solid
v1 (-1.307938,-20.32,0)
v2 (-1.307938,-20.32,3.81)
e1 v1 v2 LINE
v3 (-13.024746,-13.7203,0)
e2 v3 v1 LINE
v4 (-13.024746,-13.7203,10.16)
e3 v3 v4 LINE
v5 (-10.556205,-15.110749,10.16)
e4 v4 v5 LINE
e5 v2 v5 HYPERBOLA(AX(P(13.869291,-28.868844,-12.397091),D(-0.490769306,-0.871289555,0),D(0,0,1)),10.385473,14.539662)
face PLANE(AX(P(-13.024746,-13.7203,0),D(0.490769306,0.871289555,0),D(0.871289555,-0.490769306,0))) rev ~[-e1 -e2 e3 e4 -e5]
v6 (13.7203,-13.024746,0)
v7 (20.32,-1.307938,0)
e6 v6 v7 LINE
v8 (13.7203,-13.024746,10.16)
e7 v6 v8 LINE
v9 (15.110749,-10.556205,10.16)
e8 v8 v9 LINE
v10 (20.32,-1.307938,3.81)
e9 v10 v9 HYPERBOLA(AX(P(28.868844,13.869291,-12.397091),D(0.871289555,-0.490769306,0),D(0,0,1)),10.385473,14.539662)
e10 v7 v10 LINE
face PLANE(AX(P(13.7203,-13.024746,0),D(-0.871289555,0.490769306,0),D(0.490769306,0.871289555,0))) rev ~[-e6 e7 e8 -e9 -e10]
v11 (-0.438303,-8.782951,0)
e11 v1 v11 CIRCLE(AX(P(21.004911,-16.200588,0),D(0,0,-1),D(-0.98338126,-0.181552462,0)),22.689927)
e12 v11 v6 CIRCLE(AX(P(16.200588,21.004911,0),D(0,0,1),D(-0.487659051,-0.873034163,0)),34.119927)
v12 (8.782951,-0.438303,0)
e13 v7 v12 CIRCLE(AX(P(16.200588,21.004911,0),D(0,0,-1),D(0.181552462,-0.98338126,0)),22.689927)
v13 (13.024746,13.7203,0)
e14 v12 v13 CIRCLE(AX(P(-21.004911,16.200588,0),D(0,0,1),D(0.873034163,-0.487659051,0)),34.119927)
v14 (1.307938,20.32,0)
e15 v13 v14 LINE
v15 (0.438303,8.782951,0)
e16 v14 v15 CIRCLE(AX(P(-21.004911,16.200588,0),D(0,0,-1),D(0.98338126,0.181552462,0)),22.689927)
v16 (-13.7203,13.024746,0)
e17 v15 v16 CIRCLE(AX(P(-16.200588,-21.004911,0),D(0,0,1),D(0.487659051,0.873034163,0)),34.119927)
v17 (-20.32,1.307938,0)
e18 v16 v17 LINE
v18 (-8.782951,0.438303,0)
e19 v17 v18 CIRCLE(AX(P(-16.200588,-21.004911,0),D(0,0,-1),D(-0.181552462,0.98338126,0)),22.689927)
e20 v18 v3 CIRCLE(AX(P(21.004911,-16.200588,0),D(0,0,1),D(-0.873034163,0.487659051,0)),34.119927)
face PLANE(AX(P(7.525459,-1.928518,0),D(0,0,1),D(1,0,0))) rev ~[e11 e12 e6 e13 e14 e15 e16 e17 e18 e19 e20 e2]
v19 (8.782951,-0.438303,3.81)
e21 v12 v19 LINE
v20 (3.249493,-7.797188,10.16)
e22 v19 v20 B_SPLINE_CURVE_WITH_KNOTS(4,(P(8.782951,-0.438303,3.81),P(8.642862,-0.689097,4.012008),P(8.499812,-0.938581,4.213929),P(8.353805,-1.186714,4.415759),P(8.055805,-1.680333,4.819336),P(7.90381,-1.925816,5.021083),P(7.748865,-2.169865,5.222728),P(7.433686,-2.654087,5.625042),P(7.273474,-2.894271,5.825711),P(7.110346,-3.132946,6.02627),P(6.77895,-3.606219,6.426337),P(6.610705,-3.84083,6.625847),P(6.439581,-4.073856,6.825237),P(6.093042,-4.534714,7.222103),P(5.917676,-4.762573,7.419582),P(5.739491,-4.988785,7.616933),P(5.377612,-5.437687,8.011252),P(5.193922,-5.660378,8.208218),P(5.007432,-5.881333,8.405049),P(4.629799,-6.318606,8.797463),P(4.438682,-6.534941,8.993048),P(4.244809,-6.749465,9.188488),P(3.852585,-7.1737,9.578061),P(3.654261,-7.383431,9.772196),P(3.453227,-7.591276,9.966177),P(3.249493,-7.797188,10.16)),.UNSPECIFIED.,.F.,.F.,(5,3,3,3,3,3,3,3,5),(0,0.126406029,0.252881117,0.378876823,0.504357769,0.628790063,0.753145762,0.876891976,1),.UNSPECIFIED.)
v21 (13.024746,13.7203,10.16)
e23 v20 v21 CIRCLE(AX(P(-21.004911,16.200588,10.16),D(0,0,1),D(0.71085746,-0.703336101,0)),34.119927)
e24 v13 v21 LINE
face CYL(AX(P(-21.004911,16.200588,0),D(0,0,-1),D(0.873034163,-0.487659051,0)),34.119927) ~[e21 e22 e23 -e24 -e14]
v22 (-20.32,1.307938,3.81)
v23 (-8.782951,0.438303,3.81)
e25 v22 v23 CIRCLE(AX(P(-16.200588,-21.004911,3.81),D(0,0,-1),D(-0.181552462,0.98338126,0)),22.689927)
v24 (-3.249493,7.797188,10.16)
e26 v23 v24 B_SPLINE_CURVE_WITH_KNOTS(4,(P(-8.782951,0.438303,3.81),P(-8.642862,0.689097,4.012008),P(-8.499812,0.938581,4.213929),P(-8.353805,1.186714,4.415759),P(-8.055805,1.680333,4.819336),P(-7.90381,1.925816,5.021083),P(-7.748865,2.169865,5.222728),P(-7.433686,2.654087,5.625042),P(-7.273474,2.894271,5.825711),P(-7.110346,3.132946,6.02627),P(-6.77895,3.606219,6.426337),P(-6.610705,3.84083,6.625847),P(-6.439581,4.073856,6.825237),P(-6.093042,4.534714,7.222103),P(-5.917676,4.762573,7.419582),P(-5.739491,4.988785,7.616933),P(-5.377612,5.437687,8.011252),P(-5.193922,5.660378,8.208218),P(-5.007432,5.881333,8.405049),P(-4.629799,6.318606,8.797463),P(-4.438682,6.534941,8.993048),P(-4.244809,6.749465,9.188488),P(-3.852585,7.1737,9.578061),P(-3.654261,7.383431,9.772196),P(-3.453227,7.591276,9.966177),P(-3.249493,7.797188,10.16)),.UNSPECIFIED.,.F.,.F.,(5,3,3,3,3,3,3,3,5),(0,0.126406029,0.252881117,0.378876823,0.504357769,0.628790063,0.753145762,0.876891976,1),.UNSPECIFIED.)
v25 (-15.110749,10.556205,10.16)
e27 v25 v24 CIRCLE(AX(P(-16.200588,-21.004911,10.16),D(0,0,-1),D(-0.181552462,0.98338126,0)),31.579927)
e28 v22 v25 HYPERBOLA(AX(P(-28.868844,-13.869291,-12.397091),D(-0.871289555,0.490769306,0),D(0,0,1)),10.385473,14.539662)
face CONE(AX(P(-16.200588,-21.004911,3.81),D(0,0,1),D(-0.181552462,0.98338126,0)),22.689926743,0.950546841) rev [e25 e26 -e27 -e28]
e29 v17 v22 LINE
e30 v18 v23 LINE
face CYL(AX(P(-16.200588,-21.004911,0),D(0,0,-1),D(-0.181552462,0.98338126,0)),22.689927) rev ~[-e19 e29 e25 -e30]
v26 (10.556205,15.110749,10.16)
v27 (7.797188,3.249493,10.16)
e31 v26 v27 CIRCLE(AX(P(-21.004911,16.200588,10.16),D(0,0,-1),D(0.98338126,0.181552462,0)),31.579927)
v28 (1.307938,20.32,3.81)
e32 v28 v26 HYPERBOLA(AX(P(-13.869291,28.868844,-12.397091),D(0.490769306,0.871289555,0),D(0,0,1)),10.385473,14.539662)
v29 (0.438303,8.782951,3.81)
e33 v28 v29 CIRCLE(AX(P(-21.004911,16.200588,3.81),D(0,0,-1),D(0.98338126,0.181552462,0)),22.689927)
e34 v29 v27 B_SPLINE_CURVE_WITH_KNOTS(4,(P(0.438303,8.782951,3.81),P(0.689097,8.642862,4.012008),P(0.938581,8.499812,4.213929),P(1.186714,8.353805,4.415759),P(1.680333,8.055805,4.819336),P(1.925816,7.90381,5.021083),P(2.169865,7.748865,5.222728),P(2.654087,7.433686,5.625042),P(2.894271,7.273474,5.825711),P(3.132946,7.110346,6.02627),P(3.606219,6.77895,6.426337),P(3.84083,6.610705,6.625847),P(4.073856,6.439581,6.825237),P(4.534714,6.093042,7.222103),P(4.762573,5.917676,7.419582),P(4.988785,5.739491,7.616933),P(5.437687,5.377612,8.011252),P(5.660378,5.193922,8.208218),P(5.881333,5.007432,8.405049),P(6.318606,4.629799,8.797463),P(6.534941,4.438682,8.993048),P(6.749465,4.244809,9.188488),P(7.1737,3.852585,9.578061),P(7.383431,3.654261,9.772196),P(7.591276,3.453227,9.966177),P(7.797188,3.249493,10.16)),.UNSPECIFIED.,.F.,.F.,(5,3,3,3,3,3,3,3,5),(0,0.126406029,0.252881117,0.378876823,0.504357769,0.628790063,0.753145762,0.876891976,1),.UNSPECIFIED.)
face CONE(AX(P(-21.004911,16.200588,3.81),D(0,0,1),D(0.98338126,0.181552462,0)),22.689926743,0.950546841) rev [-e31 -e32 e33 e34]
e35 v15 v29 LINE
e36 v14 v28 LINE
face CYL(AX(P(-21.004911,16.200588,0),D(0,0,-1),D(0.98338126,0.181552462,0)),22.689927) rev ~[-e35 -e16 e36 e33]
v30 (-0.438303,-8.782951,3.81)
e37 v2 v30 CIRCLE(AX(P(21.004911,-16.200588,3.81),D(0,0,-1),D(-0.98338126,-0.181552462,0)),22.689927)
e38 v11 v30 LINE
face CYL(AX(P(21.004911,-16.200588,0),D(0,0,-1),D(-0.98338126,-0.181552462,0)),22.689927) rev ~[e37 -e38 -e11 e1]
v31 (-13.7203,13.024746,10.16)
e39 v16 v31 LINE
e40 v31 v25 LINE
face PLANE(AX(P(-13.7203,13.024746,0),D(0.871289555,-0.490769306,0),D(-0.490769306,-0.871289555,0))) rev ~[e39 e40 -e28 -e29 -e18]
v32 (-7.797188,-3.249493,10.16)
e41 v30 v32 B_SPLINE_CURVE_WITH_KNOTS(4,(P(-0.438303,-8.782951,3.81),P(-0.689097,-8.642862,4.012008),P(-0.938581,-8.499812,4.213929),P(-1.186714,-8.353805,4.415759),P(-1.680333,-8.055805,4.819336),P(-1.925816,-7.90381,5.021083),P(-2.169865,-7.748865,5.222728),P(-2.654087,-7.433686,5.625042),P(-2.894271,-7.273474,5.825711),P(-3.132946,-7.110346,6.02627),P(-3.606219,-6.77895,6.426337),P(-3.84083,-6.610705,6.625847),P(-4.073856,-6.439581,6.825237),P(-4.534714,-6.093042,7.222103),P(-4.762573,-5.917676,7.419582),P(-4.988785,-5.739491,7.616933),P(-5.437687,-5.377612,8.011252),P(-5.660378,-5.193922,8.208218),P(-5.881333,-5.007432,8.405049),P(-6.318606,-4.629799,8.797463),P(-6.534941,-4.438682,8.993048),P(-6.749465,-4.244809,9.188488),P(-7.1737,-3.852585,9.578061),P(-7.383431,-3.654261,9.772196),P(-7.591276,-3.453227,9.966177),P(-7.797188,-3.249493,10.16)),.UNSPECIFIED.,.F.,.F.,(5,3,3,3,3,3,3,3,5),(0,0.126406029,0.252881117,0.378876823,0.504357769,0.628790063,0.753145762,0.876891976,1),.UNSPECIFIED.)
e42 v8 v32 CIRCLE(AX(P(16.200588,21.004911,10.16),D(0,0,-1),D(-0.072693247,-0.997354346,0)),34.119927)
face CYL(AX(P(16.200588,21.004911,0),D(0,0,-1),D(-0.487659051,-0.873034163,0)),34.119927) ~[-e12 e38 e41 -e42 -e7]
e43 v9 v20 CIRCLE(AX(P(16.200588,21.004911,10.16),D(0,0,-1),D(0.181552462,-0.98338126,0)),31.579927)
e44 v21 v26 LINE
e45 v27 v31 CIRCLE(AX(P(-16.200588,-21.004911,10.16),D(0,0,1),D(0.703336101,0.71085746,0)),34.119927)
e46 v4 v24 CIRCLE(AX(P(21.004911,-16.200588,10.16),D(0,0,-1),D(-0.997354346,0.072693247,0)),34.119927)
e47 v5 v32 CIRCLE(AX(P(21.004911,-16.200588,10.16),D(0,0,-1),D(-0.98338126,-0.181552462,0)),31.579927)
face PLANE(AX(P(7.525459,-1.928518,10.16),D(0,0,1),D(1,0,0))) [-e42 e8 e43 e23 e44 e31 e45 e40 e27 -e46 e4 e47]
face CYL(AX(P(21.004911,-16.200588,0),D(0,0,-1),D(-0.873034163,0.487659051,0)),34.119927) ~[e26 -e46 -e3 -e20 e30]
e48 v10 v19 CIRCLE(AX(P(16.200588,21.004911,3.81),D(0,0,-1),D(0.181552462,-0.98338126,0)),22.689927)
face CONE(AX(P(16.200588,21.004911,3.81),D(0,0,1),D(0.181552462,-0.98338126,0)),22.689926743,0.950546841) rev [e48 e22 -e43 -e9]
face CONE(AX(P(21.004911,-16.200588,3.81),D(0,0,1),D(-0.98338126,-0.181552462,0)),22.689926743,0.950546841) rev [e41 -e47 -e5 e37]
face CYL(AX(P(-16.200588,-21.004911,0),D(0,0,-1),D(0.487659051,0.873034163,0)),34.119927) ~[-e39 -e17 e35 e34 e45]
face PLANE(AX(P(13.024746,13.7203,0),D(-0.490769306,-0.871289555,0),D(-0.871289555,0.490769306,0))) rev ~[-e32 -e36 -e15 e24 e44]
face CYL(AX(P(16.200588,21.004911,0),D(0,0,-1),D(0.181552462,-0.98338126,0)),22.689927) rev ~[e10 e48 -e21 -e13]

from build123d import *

# Parameters (mm, degrees)
F1_DEPTH   = 10.16
F2_SIZE2   = 8.89
F2_SIZE    = 6.35
F2_2_SIZE2 = 8.89
F2_2_SIZE  = 6.35
F2_3_SIZE2 = 8.89
F2_3_SIZE  = 6.35
F2_4_SIZE2 = 8.89
F2_4_SIZE  = 6.35


with BuildPart() as f1:
    # F0 (on Top) → F1 (new body)
    with BuildSketch(Plane.XY):
        with BuildLine():
            ThreePointArc((8.7829506919, -0.4383031513), (8.1984738627, -0.2271154175), (7.62, 0))
            ThreePointArc((7.62, 0), (7.3212709923, -2.1126739117), (6.4485062842, -4.0597003218))
            ThreePointArc((6.4485062842, -4.0597003218), (7.6729486494, -2.2858873029), (8.7829506919, -0.4383031513))
        make_face()
        with BuildLine():
            ThreePointArc((4.0597003218, 6.4485062842), (6.670806415, 3.6830343161), (7.62, 0))
            ThreePointArc((7.62, 0), (8.1984738627, -0.2271154175), (8.7829506919, -0.4383031513))
            ThreePointArc((8.7829506919, -0.4383031513), (11.6797251248, 6.4085522926), (13.0247462226, 13.7202996782))
            Line((13.0247462226, 13.7202996782), (1.3079377533, 20.32))
            ThreePointArc((1.3079377533, 20.32), (1.6208295824, 14.4951148577), (0.4383031513, 8.7829506919))
            ThreePointArc((0.4383031513, 8.7829506919), (2.2858873029, 7.6729486494), (4.0597003218, 6.4485062842))
        make_face()
        with BuildLine():
            ThreePointArc((0, 7.62), (2.1126739117, 7.3212709923), (4.0597003218, 6.4485062842))
            ThreePointArc((4.0597003218, 6.4485062842), (2.2858873029, 7.6729486494), (0.4383031513, 8.7829506919))
            ThreePointArc((0.4383031513, 8.7829506919), (0.2271154175, 8.1984738627), (0, 7.62))
        make_face()
        with BuildLine():
            ThreePointArc((8.7829506919, -0.4383031513), (7.6729486494, -2.2858873029), (6.4485062842, -4.0597003218))
            ThreePointArc((6.4485062842, -4.0597003218), (3.6830343161, -6.670806415), (0, -7.62))
            ThreePointArc((0, -7.62), (-0.2271154175, -8.1984738627), (-0.4383031513, -8.7829506919))
            ThreePointArc((-0.4383031513, -8.7829506919), (6.4085522926, -11.6797251248), (13.7202996782, -13.0247462226))
            Line((13.7202996782, -13.0247462226), (20.32, -1.3079377533))
            ThreePointArc((20.32, -1.3079377533), (14.4951148577, -1.6208295824), (8.7829506919, -0.4383031513))
        make_face()
        with BuildLine():
            ThreePointArc((-6.4485062842, 4.0597003218), (-3.6830343161, 6.670806415), (0, 7.62))
            ThreePointArc((0, 7.62), (0.2271154175, 8.1984738627), (0.4383031513, 8.7829506919))
            ThreePointArc((0.4383031513, 8.7829506919), (-6.4085522926, 11.6797251248), (-13.7202996782, 13.0247462226))
            Line((-13.7202996782, 13.0247462226), (-20.32, 1.3079377533))
            ThreePointArc((-20.32, 1.3079377533), (-14.4951148577, 1.6208295824), (-8.7829506919, 0.4383031513))
            ThreePointArc((-8.7829506919, 0.4383031513), (-7.6729486494, 2.2858873029), (-6.4485062842, 4.0597003218))
        make_face()
        with BuildLine():
            ThreePointArc((-0.4383031513, -8.7829506919), (-0.2271154175, -8.1984738627), (0, -7.62))
            ThreePointArc((0, -7.62), (-2.1126739117, -7.3212709923), (-4.0597003218, -6.4485062842))
            ThreePointArc((-4.0597003218, -6.4485062842), (-2.2858873029, -7.6729486494), (-0.4383031513, -8.7829506919))
        make_face()
        with BuildLine():
            ThreePointArc((-7.62, 0), (-7.3212709923, 2.1126739117), (-6.4485062842, 4.0597003218))
            ThreePointArc((-6.4485062842, 4.0597003218), (-7.6729486494, 2.2858873029), (-8.7829506919, 0.4383031513))
            ThreePointArc((-8.7829506919, 0.4383031513), (-8.1984738627, 0.2271154175), (-7.62, 0))
        make_face()
        with BuildLine():
            ThreePointArc((-0.4383031513, -8.7829506919), (-2.2858873029, -7.6729486494), (-4.0597003218, -6.4485062842))
            ThreePointArc((-4.0597003218, -6.4485062842), (-6.670806415, -3.6830343161), (-7.62, 0))
            ThreePointArc((-7.62, 0), (-8.1984738627, 0.2271154175), (-8.7829506919, 0.4383031513))
            ThreePointArc((-8.7829506919, 0.4383031513), (-11.6797251248, -6.4085522926), (-13.0247462226, -13.7202996782))
            Line((-13.0247462226, -13.7202996782), (-1.3079377533, -20.32))
            ThreePointArc((-1.3079377533, -20.32), (-1.6208295824, -14.4951148577), (-0.4383031513, -8.7829506919))
        make_face()
        with BuildLine():
            ThreePointArc((6.4485062842, -4.0597003218), (7.3212709923, -2.1126739117), (7.62, 0))
            ThreePointArc((7.62, 0), (6.670806415, 3.6830343161), (4.0597003218, 6.4485062842))
            ThreePointArc((4.0597003218, 6.4485062842), (2.1126739117, 7.3212709923), (0, 7.62))
            ThreePointArc((0, 7.62), (-3.6830343161, 6.670806415), (-6.4485062842, 4.0597003218))
            ThreePointArc((-6.4485062842, 4.0597003218), (-7.3212709923, 2.1126739117), (-7.62, 0))
            ThreePointArc((-7.62, 0), (-6.670806415, -3.6830343161), (-4.0597003218, -6.4485062842))
            ThreePointArc((-4.0597003218, -6.4485062842), (-2.1126739117, -7.3212709923), (0, -7.62))
            ThreePointArc((0, -7.62), (3.6830343161, -6.670806415), (6.4485062842, -4.0597003218))
        make_face()
    extrude(amount=F1_DEPTH)

    # F2
    f2_edges = [f1.edges().sort_by_distance(p)[0] for p in [
        (1.62083, 14.495115, 10.16),
    ]]
    f2_side = f1.faces().sort_by_distance((1.62083, 14.495115, 5.08))[0]
    chamfer(f2_edges, length=F2_SIZE, length2=F2_SIZE2, reference=f2_side)

    # F2#2
    f2_2_edges = [f1.edges().sort_by_distance(p)[0] for p in [
        (-14.495115, 1.62083, 10.16),
    ]]
    f2_2_side = f1.faces().sort_by_distance((-14.495115, 1.62083, 5.08))[0]
    chamfer(f2_2_edges, length=F2_2_SIZE, length2=F2_2_SIZE2, reference=f2_2_side)

    # F2#3
    f2_3_edges = [f1.edges().sort_by_distance(p)[0] for p in [
        (-1.62083, -14.495115, 10.16),
    ]]
    f2_3_side = f1.faces().sort_by_distance((-1.62083, -14.495115, 5.08))[0]
    chamfer(f2_3_edges, length=F2_3_SIZE, length2=F2_3_SIZE2, reference=f2_3_side)

    # F2#4
    f2_4_edges = [f1.edges().sort_by_distance(p)[0] for p in [
        (14.495115, -1.62083, 10.16),
    ]]
    f2_4_side = f1.faces().sort_by_distance((14.495115, -1.62083, 5.08))[0]
    chamfer(f2_4_edges, length=F2_4_SIZE, length2=F2_4_SIZE2, reference=f2_4_side)


solid = f1.part
